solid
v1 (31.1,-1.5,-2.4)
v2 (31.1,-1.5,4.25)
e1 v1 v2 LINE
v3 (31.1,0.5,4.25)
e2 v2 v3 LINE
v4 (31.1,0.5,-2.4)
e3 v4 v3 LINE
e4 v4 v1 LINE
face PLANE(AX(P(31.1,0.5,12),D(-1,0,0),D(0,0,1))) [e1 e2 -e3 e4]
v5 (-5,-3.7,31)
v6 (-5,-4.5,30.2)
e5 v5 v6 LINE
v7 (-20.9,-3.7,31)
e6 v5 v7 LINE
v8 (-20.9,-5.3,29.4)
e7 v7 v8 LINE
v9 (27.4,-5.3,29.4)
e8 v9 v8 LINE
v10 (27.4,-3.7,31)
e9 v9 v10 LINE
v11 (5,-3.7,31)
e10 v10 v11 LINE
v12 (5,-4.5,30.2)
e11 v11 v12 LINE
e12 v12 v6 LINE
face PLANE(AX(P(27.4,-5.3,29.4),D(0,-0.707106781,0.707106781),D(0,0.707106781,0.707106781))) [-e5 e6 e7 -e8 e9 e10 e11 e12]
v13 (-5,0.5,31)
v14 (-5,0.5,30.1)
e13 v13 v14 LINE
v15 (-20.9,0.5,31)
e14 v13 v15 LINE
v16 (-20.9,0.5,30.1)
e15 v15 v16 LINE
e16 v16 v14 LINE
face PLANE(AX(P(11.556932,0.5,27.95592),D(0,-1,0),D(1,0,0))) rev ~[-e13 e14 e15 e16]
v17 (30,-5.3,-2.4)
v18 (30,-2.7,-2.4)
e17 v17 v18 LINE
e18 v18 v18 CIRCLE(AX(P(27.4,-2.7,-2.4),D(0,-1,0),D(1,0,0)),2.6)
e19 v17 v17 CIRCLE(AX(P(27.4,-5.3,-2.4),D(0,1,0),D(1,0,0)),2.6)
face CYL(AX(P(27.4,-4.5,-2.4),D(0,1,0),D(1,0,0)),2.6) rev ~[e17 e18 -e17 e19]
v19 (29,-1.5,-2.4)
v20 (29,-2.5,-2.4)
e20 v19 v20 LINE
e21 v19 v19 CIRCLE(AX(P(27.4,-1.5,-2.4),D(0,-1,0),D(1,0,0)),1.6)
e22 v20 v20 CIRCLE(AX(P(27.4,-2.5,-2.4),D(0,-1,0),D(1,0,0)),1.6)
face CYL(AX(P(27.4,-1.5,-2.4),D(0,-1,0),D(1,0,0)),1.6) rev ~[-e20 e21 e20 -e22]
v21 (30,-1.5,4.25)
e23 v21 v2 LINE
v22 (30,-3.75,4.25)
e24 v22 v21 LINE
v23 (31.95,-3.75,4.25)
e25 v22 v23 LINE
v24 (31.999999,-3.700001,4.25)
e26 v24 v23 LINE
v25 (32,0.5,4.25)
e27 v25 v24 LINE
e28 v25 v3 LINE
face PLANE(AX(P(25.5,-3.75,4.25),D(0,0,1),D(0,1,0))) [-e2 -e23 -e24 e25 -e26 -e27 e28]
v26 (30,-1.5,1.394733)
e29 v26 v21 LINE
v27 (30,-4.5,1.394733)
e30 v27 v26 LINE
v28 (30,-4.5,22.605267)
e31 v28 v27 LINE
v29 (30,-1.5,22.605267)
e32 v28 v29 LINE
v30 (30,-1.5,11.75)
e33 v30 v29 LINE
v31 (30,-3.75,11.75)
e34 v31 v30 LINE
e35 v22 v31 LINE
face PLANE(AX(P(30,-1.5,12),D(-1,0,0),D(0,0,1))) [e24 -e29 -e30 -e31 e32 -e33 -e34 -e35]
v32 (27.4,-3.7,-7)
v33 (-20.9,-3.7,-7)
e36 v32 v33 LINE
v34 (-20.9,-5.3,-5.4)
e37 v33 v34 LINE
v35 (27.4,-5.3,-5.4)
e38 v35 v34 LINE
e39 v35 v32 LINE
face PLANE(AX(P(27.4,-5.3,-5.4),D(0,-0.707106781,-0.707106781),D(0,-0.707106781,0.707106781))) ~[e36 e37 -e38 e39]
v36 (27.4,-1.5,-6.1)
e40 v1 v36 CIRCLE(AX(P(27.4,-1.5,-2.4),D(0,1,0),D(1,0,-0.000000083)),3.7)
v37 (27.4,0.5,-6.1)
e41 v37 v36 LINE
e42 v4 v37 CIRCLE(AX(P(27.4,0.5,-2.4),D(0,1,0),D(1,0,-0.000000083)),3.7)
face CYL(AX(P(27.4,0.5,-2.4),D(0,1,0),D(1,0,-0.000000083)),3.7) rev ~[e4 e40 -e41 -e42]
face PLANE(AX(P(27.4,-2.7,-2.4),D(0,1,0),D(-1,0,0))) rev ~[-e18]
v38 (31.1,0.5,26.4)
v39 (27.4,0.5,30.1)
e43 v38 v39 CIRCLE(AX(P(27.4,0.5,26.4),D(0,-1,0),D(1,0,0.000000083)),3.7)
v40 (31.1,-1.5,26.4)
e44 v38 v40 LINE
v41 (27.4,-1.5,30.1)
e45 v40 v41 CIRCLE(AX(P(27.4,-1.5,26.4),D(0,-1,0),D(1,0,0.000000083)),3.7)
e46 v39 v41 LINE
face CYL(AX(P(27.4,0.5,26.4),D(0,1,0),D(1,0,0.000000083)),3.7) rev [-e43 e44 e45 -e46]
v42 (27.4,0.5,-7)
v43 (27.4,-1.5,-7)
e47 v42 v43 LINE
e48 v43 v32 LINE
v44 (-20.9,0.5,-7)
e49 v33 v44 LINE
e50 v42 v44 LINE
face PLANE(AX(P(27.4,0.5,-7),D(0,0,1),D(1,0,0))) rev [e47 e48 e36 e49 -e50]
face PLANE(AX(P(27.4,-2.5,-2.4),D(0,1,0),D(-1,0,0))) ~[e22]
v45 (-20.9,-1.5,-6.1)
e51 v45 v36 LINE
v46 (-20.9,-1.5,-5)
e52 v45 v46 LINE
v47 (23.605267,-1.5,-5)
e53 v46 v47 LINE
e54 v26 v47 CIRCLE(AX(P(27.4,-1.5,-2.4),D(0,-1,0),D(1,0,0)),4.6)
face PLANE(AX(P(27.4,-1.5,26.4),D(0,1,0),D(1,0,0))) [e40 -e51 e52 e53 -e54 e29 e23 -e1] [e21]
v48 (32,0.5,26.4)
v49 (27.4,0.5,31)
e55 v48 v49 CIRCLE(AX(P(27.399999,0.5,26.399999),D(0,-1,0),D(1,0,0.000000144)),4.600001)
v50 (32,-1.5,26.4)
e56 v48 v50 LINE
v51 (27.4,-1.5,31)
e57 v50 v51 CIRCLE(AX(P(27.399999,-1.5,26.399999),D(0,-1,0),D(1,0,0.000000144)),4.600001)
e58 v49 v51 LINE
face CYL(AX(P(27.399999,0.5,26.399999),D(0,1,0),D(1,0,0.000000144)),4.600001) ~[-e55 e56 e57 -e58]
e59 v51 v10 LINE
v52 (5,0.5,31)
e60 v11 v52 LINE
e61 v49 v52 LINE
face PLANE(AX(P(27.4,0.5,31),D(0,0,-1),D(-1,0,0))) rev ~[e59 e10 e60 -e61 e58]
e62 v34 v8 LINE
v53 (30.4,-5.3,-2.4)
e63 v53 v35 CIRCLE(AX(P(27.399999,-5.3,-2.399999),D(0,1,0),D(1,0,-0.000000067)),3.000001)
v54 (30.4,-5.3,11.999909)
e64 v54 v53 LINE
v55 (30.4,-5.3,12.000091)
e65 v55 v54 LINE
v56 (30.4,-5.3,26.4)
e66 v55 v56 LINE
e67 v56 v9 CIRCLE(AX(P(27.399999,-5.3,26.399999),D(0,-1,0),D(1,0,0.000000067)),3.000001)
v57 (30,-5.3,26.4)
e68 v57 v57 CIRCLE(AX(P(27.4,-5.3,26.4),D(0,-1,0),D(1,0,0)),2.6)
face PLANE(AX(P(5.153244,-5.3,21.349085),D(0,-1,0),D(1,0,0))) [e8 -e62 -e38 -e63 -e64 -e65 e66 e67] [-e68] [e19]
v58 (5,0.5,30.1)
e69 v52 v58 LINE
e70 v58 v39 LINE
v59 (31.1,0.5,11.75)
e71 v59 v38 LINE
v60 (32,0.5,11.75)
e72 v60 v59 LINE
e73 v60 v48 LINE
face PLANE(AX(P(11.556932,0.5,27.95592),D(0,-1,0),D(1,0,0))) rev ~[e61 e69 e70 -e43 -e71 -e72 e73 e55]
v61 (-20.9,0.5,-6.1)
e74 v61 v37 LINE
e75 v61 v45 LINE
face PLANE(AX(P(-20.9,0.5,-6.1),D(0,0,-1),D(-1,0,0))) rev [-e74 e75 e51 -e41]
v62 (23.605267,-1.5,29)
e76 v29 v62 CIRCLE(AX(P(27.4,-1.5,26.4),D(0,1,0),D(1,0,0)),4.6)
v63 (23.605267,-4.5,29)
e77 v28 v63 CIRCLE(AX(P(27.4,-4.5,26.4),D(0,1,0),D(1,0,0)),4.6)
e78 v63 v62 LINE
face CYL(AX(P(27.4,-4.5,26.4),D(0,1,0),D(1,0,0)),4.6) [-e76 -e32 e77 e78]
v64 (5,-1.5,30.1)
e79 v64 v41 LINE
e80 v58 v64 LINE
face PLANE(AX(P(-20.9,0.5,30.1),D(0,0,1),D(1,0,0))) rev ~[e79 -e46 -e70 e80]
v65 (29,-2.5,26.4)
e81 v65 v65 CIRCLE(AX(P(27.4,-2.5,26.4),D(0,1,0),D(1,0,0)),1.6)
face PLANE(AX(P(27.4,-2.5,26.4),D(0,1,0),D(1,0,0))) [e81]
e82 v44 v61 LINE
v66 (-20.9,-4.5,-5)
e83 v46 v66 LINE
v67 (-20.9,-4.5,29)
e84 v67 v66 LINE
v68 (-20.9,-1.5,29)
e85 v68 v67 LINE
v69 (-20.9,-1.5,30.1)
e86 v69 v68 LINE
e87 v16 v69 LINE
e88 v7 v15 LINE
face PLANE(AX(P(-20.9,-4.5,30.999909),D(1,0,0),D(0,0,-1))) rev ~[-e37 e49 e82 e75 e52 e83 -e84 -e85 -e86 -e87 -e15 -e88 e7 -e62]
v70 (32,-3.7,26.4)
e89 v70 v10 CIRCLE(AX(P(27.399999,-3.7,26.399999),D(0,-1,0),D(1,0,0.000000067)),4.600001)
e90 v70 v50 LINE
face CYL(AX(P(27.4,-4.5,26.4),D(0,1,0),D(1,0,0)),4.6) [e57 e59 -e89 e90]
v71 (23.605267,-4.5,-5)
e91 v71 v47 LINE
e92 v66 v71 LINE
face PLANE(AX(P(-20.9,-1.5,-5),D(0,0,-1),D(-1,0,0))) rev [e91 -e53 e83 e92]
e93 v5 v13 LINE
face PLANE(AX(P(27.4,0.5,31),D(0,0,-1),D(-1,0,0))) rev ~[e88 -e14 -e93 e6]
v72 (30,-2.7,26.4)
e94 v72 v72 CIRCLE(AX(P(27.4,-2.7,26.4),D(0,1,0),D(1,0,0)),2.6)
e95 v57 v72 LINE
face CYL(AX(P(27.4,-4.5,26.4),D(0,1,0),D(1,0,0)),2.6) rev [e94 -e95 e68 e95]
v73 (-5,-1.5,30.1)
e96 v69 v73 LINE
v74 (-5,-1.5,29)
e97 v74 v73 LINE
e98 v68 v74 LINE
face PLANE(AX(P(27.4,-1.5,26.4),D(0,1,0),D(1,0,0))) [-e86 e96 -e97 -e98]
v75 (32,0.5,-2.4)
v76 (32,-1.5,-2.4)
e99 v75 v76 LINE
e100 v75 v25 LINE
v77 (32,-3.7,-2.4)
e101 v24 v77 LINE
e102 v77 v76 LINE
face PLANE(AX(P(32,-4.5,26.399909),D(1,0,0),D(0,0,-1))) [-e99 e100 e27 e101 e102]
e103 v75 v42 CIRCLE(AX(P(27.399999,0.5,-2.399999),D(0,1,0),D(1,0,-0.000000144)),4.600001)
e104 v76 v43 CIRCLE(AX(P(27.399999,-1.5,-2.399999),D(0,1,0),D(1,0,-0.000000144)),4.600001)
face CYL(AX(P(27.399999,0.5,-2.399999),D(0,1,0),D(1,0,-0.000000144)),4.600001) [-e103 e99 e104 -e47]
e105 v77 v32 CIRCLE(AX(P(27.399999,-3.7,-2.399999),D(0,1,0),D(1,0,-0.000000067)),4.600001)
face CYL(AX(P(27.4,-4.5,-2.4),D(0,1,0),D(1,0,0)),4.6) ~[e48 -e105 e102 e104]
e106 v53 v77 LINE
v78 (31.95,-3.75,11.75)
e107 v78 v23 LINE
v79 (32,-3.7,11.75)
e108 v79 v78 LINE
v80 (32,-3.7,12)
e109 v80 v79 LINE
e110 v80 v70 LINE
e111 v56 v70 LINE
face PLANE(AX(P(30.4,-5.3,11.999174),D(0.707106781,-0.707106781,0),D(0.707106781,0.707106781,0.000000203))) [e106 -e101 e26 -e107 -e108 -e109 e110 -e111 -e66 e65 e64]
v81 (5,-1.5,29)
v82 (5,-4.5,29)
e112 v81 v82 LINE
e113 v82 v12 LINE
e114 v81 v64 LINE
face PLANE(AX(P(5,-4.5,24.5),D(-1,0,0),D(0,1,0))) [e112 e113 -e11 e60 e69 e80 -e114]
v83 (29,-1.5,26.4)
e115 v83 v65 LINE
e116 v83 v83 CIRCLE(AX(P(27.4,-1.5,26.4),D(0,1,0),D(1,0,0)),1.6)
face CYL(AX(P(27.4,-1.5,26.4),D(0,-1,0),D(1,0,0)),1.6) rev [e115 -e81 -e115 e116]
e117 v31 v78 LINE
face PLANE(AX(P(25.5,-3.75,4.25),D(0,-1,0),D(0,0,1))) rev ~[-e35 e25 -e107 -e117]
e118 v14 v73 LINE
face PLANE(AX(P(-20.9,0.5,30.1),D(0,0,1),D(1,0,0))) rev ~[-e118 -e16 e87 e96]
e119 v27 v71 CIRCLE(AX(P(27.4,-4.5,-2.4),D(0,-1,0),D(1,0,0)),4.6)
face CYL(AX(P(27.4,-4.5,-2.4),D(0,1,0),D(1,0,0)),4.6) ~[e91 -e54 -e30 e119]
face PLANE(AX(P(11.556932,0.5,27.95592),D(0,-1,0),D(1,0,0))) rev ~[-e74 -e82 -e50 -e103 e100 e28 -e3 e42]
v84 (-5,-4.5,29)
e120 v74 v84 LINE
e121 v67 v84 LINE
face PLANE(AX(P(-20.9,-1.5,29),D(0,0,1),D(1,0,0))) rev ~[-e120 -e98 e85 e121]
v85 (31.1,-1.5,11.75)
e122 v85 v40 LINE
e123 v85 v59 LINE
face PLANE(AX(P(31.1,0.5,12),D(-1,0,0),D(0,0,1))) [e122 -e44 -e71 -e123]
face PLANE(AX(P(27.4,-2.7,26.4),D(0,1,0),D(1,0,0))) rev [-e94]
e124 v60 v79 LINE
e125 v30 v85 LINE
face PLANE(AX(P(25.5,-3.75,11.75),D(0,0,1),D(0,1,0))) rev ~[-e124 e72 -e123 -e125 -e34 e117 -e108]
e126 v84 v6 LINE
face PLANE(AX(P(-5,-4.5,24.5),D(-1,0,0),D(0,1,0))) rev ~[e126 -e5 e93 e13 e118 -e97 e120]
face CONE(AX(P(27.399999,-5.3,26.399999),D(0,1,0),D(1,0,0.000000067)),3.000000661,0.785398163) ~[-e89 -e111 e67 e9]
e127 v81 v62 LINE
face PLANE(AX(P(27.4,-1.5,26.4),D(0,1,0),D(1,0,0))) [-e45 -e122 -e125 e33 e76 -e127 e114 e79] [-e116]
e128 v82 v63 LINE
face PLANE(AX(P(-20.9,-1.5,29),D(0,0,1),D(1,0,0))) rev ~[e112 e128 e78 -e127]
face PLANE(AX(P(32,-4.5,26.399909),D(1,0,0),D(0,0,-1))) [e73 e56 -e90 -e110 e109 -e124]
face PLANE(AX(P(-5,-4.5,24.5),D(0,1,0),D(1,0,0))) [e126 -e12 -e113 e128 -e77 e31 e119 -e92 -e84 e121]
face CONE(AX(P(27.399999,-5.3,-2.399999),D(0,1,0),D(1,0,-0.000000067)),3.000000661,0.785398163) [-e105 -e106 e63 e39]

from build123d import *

# Parameters (mm, degrees)
SKETCH037_W       = 7.5
SKETCH037_H       = 7.5
EXTRUDE045_DEPTH  = 10
SKETCH036_W       = 10
SKETCH036_H       = 9
EXTRUDE044_DEPTH  = 10
CYLINDER001_R     = 2
CYLINDER001_DEPTH = 10
SKETCH032_R       = 2.6
EXTRUDE043_DEPTH  = 0.8
EXTRUDE055_DEPTH  = 3
EXTRUDE056_DEPTH  = 0.8
EXTRUDE038_DEPTH  = 2


with BuildPart() as extrude045:
    # Sketch037 → Extrude045 (new body)
    with BuildSketch(Plane.YZ.offset(35)):
        with Locations((0, 8)):
            Rectangle(SKETCH037_W, SKETCH037_H)
    extrude(amount=EXTRUDE045_DEPTH)


with BuildPart() as extrude045_1:
    # Extrude045 placement: moved
    add(extrude045.part.moved(Location((-9.5, 0, 0))))


with BuildPart() as extrude044:
    # Sketch036 → Extrude044 (new body)
    with BuildSketch(Plane.XY.offset(40)):
        Rectangle(SKETCH036_W, SKETCH036_H)
    extrude(amount=EXTRUDE044_DEPTH)


with BuildPart() as extrude044_1:
    # Extrude044 placement: moved
    add(extrude044.part.moved(Location((0, 0, -15.5))))


with BuildPart() as common_sub:
    # Cylinder001 → Cylinder001 (new body)
    with BuildSketch(Plane(origin=(-92.5, 0, 12), x_dir=(0, 0, 1), z_dir=(-1, 0, 0))):
        Circle(CYLINDER001_R)
    extrude(amount=CYLINDER001_DEPTH)

    # Fusion033: union Extrude045, Extrude044
    add(extrude045_1.part)
    add(extrude044_1.part)


with BuildPart() as sweep_body:
    # Sweep: sweep along a path in Sketch034
    with BuildLine(Plane.XZ.offset(10)) as sweep_path:
        Line((32, 11.999174), (32, 26.4))
        ThreePointArc((32, 26.4), (30.652691, 29.652691), (27.4, 31))
        Line((27.4, 31), (-60.9, 31))
    # Sketch033 → Sweep (sweep)
    with BuildSketch(Plane.YZ):
        Polygon((-5.3, 29.4), (-3.7, 31), (-3.7, 32), (-6, 32), (-6, 29.4), align=None)
    sweep(path=sweep_path.line)


with BuildPart() as fusion:
    # Sketch032 → Extrude043 (new body)
    with BuildSketch(Plane.XZ.offset(10)):
        with Locations((27.4, 26.4)):
            Circle(SKETCH032_R)
    extrude(amount=EXTRUDE043_DEPTH)


with BuildPart() as fusion_1:
    # Extrude043 placement: moved
    add(fusion.part.moved(Location((0, 5.5, 0))))

    # Fusion: union Sweep body
    add(sweep_body.part)


with BuildPart() as screw_hole_bottom002:
    # Sketch003 → Revolve (revolve)
    with BuildSketch(Plane.XY):
        Polygon((1.6, 3), (1.6, 2), (0, 2), (0, 1.8), (2.6, 1.8), (2.6, 0), (4.6, 0), (4.6, 3), align=None)
    revolve(axis=Axis((0, 0, 0), (0, 1, 0)))


with BuildPart() as screw_hole_bottom002_1:
    # Body003 placement: moved
    add(screw_hole_bottom002.part.moved(Location((27.4, -4.5, 26.4))))


with BuildPart() as bottom010:
    # Sketch053 → Extrude055 (new body)
    with BuildSketch(Plane.XZ.offset(10)):
        with BuildLine():
            ThreePointArc((32, 26.4), (30.652691, 29.652691), (27.4, 31))
            Line((27.4, 31), (-20.9, 31))
            Line((-20.9, 31), (-20.9, 29))
            Line((-20.9, 29), (27.4, 29))
            ThreePointArc((30, 26.4), (29.238478, 28.238478), (27.4, 29))
            Line((30, 12), (30, 26.4))
            Line((32, 12), (30, 12))
            Line((32, 26.4), (32, 12))
        make_face()
    extrude(amount=EXTRUDE055_DEPTH)


with BuildPart() as bottom010_1:
    # Extrude055 placement: moved
    add(bottom010.part.moved(Location((0, 8.5, 0))))


with BuildPart() as bottom011:
    # Sketch052 → Extrude056 (new body)
    with BuildSketch(Plane.XZ.offset(10)):
        with BuildLine():
            ThreePointArc((32, 26.399909), (30.652691, 29.6526), (27.4, 30.999909))
            Line((27.4, 30.999909), (-20.9, 30.999909))
            Line((-20.9, 30.999909), (-20.9, 11.999909))
            Line((-20.9, 11.999909), (32, 11.999909))
            Line((32, 26.399909), (32, 11.999909))
        make_face()
    extrude(amount=EXTRUDE056_DEPTH)


with BuildPart() as bottom011_1:
    # Extrude056 placement: moved
    add(bottom011.part.moved(Location((0, 5.5, 0))))


with BuildPart() as bottom:
    # Sketch030 → Extrude038 (new body)
    with BuildSketch(Plane.XZ.offset(10)):
        with BuildLine():
            ThreePointArc((32, 26.4), (30.652691, 29.652691), (27.4, 31))
            Line((27.4, 31), (-20.9, 31))
            Line((-20.9, 31), (-20.9, 30.1))
            Line((-20.9, 30.1), (27.4, 30.1))
            ThreePointArc((31.1, 26.4), (30.016295, 29.016295), (27.4, 30.1))
            Line((31.1, 12), (31.1, 26.4))
            Line((32, 12), (31.1, 12))
            Line((32, 26.4), (32, 12))
        make_face()
    extrude(amount=EXTRUDE038_DEPTH)


with BuildPart() as bottom_1:
    # Extrude038 placement: moved
    add(bottom.part.moved(Location((0, 10.5, 0))))

    # Fusion029: union screw hole bottom002, bottom010, bottom011
    add(screw_hole_bottom002_1.part)
    add(bottom010_1.part)
    add(bottom011_1.part)

    # Cut: cut Fusion
    add(fusion_1.part, mode=Mode.SUBTRACT)


with BuildPart() as bottom007:
    # Part__Mirroring004: instance of bottom
    add(bottom_1.part.mirror(Plane(origin=(0, 0, 12), x_dir=(0, 1, 0), z_dir=(0, 0, 1))))

    # Fusion031: union bottom
    add(bottom_1.part)

    # Cut026: cut common sub
    add(common_sub.part, mode=Mode.SUBTRACT)


solid = bottom007.part
